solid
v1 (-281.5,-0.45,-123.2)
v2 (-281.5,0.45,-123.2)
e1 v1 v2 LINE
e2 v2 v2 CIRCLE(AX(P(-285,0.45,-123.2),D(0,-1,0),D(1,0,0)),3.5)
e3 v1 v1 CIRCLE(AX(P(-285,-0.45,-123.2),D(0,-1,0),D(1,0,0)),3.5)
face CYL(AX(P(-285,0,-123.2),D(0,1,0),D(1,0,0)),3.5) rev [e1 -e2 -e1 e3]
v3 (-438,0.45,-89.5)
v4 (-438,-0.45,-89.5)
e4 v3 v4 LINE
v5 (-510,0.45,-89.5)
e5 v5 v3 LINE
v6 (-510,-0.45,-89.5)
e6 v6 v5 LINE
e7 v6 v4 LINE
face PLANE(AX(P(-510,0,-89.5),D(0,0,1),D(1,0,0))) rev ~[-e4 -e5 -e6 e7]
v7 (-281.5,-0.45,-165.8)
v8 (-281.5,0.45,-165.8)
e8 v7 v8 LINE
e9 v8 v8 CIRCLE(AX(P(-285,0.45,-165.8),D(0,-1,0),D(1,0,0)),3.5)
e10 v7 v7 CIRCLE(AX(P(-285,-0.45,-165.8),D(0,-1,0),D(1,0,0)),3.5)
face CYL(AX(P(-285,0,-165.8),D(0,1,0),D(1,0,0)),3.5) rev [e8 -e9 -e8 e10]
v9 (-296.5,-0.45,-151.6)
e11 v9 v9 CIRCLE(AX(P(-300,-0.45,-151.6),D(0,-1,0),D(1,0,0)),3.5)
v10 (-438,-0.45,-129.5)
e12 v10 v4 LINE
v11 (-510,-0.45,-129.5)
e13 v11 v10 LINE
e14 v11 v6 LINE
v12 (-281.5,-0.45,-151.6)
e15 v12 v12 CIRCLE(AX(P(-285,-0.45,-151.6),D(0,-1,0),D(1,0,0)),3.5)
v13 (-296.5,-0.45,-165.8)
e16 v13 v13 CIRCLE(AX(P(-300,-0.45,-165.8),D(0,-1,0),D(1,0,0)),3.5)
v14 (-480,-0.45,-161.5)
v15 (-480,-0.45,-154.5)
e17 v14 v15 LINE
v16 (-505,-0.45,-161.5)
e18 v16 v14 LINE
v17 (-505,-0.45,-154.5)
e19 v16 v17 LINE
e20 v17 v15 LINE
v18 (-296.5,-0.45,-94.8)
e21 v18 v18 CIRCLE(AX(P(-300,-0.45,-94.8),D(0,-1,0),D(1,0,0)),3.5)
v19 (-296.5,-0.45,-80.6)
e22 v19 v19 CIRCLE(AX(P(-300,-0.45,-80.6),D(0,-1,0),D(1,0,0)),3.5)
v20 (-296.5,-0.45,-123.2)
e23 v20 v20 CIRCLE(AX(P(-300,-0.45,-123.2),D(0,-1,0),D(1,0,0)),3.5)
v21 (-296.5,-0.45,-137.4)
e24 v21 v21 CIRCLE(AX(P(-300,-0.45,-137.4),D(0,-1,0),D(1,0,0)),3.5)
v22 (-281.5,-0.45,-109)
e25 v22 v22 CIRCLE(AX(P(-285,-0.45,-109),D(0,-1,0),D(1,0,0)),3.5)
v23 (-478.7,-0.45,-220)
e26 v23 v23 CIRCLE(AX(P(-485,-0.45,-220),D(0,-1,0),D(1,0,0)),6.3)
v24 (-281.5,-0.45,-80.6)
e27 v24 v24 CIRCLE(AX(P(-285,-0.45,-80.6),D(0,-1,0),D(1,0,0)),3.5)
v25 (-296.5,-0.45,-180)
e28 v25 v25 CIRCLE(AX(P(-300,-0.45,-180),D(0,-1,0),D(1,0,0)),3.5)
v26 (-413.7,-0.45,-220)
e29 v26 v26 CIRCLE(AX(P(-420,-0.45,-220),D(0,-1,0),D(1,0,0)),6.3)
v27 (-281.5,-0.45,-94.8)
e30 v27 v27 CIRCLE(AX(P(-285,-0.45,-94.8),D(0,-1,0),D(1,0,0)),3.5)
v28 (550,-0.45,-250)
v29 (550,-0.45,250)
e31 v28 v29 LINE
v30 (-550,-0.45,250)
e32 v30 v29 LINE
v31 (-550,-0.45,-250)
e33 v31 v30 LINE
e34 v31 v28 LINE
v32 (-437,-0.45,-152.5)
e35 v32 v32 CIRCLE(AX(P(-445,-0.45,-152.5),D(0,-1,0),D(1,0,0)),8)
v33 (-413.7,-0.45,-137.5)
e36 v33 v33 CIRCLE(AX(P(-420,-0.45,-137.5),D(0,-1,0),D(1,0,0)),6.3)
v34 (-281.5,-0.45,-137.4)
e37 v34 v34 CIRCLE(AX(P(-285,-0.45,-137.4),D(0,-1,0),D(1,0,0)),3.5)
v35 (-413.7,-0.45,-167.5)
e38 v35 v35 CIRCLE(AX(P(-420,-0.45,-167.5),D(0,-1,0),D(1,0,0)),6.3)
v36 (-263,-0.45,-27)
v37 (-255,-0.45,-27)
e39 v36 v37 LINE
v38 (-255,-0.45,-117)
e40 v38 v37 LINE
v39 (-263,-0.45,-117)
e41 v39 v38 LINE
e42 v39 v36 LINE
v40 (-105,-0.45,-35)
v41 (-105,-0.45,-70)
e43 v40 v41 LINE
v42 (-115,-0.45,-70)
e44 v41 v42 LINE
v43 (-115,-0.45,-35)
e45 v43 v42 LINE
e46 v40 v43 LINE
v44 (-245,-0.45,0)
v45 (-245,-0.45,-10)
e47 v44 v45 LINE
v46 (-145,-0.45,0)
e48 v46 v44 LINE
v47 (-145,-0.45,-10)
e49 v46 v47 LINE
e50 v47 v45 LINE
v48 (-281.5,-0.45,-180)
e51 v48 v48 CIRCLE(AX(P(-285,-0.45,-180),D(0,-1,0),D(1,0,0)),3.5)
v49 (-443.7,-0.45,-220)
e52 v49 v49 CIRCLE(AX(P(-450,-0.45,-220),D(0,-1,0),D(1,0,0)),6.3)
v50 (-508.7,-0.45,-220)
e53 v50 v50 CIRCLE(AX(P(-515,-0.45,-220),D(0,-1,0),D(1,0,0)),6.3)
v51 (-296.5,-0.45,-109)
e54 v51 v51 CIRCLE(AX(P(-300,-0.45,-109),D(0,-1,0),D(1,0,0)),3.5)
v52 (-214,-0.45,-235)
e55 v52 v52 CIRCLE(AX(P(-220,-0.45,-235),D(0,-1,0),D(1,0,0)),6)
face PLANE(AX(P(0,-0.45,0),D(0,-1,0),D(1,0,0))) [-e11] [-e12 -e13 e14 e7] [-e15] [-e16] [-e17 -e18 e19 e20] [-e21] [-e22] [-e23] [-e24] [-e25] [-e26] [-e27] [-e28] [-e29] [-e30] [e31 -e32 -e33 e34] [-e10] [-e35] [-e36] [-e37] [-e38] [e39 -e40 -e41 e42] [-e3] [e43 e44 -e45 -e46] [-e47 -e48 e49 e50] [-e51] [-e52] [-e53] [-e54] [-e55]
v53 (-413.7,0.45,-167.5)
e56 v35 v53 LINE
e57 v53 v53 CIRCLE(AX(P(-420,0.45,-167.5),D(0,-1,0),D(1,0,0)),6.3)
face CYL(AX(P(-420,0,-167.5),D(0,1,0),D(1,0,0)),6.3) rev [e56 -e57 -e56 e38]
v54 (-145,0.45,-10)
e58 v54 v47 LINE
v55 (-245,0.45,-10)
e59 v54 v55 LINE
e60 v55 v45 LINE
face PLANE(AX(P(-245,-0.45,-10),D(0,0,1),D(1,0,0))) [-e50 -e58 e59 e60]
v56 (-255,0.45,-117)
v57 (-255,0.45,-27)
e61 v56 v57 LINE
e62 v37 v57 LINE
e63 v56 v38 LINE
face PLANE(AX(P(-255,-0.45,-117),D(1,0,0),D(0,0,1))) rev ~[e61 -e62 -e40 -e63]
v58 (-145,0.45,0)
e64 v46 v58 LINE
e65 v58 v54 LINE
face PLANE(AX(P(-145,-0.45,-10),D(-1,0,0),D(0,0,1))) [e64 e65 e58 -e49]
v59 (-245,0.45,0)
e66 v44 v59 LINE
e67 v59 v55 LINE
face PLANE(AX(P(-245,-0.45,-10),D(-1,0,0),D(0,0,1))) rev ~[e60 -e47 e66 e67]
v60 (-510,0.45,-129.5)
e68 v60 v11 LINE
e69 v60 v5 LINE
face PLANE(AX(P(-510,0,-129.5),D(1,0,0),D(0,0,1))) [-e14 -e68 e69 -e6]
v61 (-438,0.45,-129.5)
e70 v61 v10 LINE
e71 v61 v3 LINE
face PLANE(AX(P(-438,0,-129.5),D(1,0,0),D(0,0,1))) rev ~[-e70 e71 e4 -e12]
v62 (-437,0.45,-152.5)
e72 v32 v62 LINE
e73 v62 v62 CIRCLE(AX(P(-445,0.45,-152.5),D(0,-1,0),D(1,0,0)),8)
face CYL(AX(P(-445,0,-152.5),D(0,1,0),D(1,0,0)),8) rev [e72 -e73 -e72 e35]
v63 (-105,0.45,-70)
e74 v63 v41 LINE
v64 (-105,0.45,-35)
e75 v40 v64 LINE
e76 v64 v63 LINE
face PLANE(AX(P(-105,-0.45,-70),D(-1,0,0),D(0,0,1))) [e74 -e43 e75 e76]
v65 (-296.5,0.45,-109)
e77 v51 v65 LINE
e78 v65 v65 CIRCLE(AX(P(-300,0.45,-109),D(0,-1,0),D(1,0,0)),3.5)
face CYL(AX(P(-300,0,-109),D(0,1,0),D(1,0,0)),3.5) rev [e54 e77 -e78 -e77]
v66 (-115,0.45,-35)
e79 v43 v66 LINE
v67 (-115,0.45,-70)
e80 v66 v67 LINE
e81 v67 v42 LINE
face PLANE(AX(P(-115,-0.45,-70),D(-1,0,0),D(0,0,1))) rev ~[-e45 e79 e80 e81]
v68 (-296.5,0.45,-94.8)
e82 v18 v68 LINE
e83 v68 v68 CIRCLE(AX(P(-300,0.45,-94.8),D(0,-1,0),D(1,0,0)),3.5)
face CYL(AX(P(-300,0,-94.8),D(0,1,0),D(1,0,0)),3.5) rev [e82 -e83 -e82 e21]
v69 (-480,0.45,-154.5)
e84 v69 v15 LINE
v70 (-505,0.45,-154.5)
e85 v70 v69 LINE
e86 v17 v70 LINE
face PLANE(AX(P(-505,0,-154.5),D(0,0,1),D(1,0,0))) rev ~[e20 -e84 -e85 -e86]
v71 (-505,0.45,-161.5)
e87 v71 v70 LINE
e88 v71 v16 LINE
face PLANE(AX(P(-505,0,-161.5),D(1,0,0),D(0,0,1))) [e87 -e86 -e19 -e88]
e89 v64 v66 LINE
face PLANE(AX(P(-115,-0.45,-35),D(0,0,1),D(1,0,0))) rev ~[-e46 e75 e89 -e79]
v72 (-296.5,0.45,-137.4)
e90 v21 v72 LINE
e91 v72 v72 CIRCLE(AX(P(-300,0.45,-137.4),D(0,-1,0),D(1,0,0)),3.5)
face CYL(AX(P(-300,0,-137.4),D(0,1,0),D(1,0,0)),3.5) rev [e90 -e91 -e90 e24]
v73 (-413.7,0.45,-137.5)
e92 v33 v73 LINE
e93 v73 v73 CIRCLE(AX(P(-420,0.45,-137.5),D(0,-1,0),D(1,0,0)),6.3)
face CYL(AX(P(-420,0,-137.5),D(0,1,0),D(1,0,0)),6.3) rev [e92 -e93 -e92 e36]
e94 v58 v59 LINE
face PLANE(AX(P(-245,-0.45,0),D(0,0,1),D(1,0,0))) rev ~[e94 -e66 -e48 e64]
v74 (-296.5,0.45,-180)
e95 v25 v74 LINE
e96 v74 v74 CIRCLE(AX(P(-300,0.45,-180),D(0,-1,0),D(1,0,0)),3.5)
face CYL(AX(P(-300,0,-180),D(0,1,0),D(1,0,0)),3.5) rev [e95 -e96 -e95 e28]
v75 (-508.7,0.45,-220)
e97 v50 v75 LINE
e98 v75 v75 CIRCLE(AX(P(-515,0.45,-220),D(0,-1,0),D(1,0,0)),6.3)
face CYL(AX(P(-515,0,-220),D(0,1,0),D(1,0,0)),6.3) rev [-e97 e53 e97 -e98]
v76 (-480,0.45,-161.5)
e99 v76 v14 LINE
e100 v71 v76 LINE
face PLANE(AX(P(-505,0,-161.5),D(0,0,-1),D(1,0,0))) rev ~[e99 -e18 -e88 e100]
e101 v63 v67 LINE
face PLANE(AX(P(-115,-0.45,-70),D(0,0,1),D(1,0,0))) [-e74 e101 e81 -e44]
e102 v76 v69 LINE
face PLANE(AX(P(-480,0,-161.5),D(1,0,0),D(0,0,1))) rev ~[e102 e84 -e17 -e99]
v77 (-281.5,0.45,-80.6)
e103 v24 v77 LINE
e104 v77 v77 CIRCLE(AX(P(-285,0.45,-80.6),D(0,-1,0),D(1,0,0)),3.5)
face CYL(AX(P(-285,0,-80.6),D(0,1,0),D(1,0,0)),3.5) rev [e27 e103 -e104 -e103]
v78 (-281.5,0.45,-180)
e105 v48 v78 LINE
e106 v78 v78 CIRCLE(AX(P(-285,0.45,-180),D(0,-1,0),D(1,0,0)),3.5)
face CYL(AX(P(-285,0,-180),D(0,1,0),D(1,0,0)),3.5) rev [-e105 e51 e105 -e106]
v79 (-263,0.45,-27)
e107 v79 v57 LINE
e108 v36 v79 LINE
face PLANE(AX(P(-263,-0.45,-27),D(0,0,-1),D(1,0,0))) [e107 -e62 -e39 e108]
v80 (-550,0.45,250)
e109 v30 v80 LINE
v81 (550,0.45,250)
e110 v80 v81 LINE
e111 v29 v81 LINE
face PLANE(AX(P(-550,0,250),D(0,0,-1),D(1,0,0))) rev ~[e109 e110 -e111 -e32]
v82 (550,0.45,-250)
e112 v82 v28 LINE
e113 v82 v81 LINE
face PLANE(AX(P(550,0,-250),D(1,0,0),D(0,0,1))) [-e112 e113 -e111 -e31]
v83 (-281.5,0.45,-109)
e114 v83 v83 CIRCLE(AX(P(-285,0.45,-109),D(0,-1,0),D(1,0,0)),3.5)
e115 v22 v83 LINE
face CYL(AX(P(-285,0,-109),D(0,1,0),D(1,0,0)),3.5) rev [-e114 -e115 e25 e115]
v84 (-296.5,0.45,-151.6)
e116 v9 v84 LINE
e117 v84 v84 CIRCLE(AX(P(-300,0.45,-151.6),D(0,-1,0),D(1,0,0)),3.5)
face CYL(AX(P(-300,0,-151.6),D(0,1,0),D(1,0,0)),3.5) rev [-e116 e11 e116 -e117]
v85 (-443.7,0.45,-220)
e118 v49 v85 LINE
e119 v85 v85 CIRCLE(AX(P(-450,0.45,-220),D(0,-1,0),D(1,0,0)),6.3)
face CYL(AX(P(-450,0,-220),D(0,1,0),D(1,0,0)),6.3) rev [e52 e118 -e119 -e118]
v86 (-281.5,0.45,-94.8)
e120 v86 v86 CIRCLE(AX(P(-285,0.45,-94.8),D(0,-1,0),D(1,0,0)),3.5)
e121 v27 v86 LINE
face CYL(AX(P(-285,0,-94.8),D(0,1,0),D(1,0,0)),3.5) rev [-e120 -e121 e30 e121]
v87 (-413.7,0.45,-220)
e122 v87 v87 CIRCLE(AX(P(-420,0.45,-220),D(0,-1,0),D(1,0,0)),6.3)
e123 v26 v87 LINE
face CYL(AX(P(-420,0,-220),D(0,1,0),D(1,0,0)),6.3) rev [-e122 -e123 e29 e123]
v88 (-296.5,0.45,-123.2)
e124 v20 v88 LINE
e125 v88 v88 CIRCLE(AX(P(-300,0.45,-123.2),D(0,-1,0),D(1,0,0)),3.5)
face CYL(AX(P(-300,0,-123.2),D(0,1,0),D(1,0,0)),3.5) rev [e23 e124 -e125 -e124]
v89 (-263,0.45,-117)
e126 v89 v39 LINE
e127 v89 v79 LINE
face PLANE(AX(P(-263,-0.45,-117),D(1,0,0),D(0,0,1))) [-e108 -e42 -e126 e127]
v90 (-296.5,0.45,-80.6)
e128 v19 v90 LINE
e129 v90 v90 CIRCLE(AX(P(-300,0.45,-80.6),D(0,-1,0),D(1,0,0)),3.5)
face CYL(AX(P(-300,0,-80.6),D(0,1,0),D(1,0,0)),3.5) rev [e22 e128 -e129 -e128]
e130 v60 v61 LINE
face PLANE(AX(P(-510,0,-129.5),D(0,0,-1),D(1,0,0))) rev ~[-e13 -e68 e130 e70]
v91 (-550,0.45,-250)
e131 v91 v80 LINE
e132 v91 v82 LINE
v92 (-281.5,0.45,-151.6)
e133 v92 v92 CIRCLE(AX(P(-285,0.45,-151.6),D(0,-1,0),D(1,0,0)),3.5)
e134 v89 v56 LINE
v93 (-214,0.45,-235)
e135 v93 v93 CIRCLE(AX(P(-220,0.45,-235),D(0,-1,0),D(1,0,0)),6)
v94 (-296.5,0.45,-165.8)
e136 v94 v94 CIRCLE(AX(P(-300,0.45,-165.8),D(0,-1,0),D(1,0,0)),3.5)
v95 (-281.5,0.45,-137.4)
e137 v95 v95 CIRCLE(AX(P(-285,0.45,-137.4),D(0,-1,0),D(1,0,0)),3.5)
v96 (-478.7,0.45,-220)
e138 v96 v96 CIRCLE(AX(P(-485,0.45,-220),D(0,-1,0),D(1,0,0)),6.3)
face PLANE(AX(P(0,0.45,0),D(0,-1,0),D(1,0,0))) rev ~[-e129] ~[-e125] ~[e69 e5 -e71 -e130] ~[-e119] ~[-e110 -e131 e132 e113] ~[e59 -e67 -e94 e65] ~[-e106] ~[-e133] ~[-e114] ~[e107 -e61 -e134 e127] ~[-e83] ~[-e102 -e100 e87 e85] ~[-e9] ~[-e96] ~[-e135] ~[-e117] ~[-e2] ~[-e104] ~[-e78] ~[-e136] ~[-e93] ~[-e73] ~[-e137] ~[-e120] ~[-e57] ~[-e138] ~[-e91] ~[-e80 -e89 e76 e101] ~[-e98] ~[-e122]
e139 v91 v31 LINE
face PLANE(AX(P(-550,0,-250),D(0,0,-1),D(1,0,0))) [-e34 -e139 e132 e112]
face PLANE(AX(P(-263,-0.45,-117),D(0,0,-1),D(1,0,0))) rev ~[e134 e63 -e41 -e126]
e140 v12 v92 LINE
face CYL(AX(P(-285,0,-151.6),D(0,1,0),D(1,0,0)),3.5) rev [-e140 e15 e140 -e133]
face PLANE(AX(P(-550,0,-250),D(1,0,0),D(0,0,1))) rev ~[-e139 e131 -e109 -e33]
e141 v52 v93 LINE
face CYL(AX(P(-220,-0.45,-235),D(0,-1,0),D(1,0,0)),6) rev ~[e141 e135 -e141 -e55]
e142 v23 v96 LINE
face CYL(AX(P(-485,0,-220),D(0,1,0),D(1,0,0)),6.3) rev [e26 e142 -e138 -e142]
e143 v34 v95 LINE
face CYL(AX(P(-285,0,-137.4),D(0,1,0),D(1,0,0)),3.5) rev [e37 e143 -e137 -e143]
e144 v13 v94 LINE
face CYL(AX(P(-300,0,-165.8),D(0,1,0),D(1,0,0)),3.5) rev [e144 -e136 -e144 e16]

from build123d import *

# Parameters (mm, degrees)
F0_W     = 1100
F0_H     = 500
F0_R     = 6.3
F0_W_2   = 25
F0_H_2   = 7
F0_R_2   = 8
F0_R_3   = 3.5
F0_W_3   = 72
F0_H_3   = 40
F1_DEPTH = 0.45
F2_R     = 6
F2_W     = 10
F2_H     = 35
F2_W_2   = 100
F2_H_2   = 10
F2_W_3   = 8
F2_H_3   = 90
F3_DEPTH = 12.5


with BuildPart() as f1:
    # F0 (on Front) → F1 (new body, symmetric)
    with BuildSketch(Plane.XZ):
        Rectangle(F0_W, F0_H)
        with Locations((-515, -220)):
            Circle(F0_R, mode=Mode.SUBTRACT)
        with Locations((-485, -220)):
            Circle(F0_R, mode=Mode.SUBTRACT)
        with Locations((-450, -220)):
            Circle(F0_R, mode=Mode.SUBTRACT)
        with Locations((-420, -220)):
            Circle(F0_R, mode=Mode.SUBTRACT)
        with Locations((-492.5, -158)):
            Rectangle(F0_W_2, F0_H_2, mode=Mode.SUBTRACT)
        with Locations((-420, -167.5)):
            Circle(F0_R, mode=Mode.SUBTRACT)
        with Locations((-445, -152.5)):
            Circle(F0_R_2, mode=Mode.SUBTRACT)
        with Locations((-420, -137.5)):
            Circle(F0_R, mode=Mode.SUBTRACT)
        with Locations((-300, -180)):
            Circle(F0_R_3, mode=Mode.SUBTRACT)
        with Locations((-285, -180)):
            Circle(F0_R_3, mode=Mode.SUBTRACT)
        with Locations((-300, -165.8)):
            Circle(F0_R_3, mode=Mode.SUBTRACT)
        with Locations((-285, -165.8)):
            Circle(F0_R_3, mode=Mode.SUBTRACT)
        with Locations((-300, -151.6)):
            Circle(F0_R_3, mode=Mode.SUBTRACT)
        with Locations((-285, -151.6)):
            Circle(F0_R_3, mode=Mode.SUBTRACT)
        with Locations((-300, -137.4)):
            Circle(F0_R_3, mode=Mode.SUBTRACT)
        with Locations((-285, -137.4)):
            Circle(F0_R_3, mode=Mode.SUBTRACT)
        with Locations((-474, -109.5)):
            Rectangle(F0_W_3, F0_H_3, mode=Mode.SUBTRACT)
        with Locations((-300, -123.2)):
            Circle(F0_R_3, mode=Mode.SUBTRACT)
        with Locations((-285, -123.2)):
            Circle(F0_R_3, mode=Mode.SUBTRACT)
        with Locations((-300, -109)):
            Circle(F0_R_3, mode=Mode.SUBTRACT)
        with Locations((-285, -109)):
            Circle(F0_R_3, mode=Mode.SUBTRACT)
        with Locations((-300, -94.8)):
            Circle(F0_R_3, mode=Mode.SUBTRACT)
        with Locations((-285, -94.8)):
            Circle(F0_R_3, mode=Mode.SUBTRACT)
        with Locations((-300, -80.6)):
            Circle(F0_R_3, mode=Mode.SUBTRACT)
        with Locations((-285, -80.6)):
            Circle(F0_R_3, mode=Mode.SUBTRACT)
    extrude(amount=F1_DEPTH, both=True)

    # F2 (on face) → F3 (cut, symmetric)
    with BuildSketch(Plane.XZ.offset(0.45)):
        with Locations((-220, -235)):
            Circle(F2_R)
        with Locations((-110, -52.5)):
            Rectangle(F2_W, F2_H)
        with Locations((-195, -5)):
            Rectangle(F2_W_2, F2_H_2)
        with Locations((-259, -72)):
            Rectangle(F2_W_3, F2_H_3)
    extrude(amount=F3_DEPTH, both=True, mode=Mode.SUBTRACT)


solid = f1.part
